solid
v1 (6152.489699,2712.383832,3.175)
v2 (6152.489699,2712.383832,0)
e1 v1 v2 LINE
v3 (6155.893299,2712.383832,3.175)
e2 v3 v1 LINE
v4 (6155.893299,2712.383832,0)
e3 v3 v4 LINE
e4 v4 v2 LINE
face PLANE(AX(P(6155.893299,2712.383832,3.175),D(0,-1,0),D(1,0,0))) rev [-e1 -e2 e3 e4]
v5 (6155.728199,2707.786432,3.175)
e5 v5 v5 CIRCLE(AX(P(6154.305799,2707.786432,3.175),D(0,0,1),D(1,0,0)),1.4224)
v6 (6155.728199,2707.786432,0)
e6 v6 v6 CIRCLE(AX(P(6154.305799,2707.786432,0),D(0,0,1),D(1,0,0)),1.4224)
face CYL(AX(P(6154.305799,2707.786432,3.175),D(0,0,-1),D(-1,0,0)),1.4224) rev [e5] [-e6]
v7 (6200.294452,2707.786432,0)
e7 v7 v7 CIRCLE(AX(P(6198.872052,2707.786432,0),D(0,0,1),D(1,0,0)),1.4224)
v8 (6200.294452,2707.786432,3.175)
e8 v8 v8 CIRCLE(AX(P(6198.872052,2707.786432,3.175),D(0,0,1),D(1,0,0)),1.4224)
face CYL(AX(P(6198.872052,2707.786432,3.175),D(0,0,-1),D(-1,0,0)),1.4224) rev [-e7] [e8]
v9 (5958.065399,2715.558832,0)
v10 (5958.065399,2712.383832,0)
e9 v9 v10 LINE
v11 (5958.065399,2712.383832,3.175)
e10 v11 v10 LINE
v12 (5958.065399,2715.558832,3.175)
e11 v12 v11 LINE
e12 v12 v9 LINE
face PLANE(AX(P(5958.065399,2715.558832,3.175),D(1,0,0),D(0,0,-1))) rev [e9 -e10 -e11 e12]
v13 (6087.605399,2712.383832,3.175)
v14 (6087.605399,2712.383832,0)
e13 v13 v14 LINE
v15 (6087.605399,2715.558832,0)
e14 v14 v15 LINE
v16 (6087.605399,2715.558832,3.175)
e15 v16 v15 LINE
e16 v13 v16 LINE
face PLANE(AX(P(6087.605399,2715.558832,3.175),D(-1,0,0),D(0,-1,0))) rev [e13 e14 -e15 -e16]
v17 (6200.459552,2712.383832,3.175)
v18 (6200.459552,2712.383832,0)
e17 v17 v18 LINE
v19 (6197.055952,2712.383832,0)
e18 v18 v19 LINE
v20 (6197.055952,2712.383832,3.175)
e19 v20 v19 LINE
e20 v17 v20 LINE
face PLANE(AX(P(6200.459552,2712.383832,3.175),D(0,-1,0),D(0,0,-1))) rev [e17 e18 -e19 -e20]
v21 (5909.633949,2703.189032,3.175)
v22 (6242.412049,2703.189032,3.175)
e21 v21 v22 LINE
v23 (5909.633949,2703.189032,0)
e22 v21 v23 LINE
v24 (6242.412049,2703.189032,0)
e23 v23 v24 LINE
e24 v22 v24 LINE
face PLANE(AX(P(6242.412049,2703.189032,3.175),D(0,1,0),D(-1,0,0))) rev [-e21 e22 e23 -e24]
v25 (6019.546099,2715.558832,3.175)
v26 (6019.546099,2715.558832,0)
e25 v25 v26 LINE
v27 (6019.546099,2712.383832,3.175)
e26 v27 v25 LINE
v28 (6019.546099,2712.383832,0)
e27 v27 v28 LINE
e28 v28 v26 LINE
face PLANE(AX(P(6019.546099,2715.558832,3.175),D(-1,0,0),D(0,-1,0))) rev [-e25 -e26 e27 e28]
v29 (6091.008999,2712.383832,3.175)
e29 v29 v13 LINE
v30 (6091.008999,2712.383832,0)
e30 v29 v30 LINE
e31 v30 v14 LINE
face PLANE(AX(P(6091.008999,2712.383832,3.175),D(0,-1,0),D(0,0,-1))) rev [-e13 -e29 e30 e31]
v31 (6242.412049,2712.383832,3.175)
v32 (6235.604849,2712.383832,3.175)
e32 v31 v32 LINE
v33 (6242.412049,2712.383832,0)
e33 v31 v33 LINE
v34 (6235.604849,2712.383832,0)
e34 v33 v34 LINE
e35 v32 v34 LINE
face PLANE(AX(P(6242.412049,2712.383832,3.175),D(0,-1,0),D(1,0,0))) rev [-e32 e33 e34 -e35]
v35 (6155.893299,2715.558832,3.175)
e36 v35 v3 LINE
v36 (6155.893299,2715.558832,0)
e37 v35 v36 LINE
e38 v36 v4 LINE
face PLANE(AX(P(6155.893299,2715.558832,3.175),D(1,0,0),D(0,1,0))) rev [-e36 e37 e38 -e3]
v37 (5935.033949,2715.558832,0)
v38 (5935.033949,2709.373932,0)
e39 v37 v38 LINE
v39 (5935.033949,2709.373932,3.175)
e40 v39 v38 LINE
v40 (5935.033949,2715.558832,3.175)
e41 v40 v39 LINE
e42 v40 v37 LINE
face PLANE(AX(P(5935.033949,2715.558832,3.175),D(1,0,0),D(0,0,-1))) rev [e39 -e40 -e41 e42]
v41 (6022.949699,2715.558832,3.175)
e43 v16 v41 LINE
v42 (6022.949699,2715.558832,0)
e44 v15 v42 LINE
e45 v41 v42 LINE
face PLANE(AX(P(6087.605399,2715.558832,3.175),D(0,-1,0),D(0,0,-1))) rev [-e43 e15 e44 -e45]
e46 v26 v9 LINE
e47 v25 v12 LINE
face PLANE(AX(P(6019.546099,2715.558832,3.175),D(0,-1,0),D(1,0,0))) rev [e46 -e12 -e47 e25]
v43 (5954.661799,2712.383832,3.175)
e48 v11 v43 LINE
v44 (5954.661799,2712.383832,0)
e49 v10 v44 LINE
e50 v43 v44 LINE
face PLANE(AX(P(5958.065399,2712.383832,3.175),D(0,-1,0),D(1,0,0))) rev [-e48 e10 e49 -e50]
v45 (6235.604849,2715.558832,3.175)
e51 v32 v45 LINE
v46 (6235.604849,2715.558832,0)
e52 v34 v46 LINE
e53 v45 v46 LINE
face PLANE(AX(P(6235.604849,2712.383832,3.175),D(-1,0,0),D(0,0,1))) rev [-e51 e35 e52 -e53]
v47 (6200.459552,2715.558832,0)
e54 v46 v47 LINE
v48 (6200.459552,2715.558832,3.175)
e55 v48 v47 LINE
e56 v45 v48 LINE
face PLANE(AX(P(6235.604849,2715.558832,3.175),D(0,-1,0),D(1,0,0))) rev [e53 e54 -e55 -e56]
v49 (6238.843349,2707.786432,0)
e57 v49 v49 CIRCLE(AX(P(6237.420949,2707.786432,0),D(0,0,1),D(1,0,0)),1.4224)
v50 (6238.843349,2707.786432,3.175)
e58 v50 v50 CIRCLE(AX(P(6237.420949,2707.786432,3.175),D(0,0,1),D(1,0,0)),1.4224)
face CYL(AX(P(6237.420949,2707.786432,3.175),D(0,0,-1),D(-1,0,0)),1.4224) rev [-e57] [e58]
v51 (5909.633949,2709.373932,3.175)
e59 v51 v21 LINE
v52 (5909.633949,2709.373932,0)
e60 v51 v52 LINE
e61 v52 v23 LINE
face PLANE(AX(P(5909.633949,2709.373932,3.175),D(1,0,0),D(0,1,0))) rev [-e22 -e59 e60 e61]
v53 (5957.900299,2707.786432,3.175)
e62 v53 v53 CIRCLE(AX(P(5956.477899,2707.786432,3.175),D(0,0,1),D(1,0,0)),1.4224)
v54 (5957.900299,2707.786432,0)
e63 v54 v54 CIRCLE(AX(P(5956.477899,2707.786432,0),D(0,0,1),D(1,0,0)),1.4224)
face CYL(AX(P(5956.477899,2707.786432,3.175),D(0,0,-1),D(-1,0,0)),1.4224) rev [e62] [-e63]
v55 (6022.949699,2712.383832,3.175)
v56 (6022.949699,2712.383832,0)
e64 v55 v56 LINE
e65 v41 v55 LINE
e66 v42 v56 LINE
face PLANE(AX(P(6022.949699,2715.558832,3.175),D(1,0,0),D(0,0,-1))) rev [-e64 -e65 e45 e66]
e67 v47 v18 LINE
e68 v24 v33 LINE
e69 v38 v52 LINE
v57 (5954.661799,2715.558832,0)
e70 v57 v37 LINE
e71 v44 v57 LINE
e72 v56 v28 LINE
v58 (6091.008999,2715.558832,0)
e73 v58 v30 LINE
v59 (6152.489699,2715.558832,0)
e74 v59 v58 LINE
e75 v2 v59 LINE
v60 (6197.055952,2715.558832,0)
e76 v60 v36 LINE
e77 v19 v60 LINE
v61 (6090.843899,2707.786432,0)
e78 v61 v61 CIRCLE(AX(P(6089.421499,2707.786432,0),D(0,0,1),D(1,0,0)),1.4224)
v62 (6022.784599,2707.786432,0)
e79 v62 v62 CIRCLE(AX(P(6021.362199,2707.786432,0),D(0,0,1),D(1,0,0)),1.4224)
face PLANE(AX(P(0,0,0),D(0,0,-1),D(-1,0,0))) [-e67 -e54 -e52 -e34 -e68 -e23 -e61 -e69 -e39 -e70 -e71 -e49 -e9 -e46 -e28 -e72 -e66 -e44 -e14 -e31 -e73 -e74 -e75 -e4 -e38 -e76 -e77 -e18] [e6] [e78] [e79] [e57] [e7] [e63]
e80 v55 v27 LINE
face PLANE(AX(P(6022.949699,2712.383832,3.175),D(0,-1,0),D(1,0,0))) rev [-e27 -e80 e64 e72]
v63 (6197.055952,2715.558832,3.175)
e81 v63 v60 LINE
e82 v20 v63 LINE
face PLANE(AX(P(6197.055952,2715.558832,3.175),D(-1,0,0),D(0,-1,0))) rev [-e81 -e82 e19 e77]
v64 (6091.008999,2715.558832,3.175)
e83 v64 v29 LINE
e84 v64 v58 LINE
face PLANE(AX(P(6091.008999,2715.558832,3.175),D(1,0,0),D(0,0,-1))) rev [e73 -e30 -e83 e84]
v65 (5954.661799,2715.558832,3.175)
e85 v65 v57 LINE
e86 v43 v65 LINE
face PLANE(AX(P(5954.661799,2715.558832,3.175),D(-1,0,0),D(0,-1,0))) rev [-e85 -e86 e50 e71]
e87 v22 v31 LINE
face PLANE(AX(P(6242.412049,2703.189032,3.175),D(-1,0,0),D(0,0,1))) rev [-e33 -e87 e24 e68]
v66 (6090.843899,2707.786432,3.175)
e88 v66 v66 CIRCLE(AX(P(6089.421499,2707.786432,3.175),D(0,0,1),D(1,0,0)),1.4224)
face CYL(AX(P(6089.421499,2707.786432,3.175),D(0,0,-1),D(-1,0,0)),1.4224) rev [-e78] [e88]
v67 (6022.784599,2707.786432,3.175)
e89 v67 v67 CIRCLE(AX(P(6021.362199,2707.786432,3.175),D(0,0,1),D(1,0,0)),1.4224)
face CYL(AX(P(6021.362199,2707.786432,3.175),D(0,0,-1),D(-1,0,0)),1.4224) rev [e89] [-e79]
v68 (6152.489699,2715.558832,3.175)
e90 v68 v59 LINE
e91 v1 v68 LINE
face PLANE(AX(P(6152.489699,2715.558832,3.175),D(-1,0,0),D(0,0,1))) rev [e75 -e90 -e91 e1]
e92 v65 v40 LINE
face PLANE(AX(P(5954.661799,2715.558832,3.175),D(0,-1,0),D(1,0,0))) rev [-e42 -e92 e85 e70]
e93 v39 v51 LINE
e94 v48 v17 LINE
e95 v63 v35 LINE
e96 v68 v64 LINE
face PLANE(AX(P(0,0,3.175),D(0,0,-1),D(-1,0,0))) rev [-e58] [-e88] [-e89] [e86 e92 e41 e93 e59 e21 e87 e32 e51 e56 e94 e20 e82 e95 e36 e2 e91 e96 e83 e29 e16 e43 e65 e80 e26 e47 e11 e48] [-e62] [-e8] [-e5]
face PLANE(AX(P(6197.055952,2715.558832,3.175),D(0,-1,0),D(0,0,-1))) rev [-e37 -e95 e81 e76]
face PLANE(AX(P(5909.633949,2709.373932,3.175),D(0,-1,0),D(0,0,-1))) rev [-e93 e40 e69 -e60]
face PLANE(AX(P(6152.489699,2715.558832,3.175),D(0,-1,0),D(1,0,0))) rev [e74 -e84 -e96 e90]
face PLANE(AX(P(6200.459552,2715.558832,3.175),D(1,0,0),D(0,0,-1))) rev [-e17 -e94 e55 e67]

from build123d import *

# Parameters (mm, degrees)
SKETCH1_R           = 1.4224
BOSS_EXTRUDE1_DEPTH = 3.175


with BuildPart() as part:
    # Sketch1 → Boss-Extrude1 (new body)
    with BuildSketch(Plane.XY):
        Polygon((6235.604848961, 2712.383832202), (6235.604848961, 2715.558832202), (6200.459551877, 2715.558832202), (6200.459551877, 2712.383832202), (6197.055951877, 2712.383832202), (6197.055951877, 2715.558832202), (6155.893298961, 2715.558832202), (6155.893298961, 2712.383832202), (6152.489698961, 2712.383832202), (6152.489698961, 2715.558832202), (6091.008998961, 2715.558832202), (6091.008998961, 2712.383832202), (6087.605398961, 2712.383832202), (6087.605398961, 2715.558832202), (6022.949698961, 2715.558832202), (6022.949698961, 2712.383832202), (6019.546098961, 2712.383832202), (6019.546098961, 2715.558832202), (5958.065398961, 2715.558832202), (5958.065398961, 2712.383832202), (5954.661798961, 2712.383832202), (5954.661798961, 2715.558832202), (5935.033948961, 2715.558832202), (5935.033948961, 2709.373932202), (5909.633948961, 2709.373932202), (5909.633948961, 2703.189032202), (6242.412048961, 2703.189032202), (6242.412048961, 2712.383832202), align=None)
        with Locations((5956.477898961, 2707.786432202)):
            Circle(SKETCH1_R, mode=Mode.SUBTRACT)
        with Locations((6021.362198961, 2707.786432202)):
            Circle(SKETCH1_R, mode=Mode.SUBTRACT)
        with Locations((6089.421498961, 2707.786432202)):
            Circle(SKETCH1_R, mode=Mode.SUBTRACT)
        with Locations((6154.305798961, 2707.786432202)):
            Circle(SKETCH1_R, mode=Mode.SUBTRACT)
        with Locations((6198.872051877, 2707.786432202)):
            Circle(SKETCH1_R, mode=Mode.SUBTRACT)
        with Locations((6237.420948961, 2707.786432202)):
            Circle(SKETCH1_R, mode=Mode.SUBTRACT)
    extrude(amount=BOSS_EXTRUDE1_DEPTH)


solid = part.part
